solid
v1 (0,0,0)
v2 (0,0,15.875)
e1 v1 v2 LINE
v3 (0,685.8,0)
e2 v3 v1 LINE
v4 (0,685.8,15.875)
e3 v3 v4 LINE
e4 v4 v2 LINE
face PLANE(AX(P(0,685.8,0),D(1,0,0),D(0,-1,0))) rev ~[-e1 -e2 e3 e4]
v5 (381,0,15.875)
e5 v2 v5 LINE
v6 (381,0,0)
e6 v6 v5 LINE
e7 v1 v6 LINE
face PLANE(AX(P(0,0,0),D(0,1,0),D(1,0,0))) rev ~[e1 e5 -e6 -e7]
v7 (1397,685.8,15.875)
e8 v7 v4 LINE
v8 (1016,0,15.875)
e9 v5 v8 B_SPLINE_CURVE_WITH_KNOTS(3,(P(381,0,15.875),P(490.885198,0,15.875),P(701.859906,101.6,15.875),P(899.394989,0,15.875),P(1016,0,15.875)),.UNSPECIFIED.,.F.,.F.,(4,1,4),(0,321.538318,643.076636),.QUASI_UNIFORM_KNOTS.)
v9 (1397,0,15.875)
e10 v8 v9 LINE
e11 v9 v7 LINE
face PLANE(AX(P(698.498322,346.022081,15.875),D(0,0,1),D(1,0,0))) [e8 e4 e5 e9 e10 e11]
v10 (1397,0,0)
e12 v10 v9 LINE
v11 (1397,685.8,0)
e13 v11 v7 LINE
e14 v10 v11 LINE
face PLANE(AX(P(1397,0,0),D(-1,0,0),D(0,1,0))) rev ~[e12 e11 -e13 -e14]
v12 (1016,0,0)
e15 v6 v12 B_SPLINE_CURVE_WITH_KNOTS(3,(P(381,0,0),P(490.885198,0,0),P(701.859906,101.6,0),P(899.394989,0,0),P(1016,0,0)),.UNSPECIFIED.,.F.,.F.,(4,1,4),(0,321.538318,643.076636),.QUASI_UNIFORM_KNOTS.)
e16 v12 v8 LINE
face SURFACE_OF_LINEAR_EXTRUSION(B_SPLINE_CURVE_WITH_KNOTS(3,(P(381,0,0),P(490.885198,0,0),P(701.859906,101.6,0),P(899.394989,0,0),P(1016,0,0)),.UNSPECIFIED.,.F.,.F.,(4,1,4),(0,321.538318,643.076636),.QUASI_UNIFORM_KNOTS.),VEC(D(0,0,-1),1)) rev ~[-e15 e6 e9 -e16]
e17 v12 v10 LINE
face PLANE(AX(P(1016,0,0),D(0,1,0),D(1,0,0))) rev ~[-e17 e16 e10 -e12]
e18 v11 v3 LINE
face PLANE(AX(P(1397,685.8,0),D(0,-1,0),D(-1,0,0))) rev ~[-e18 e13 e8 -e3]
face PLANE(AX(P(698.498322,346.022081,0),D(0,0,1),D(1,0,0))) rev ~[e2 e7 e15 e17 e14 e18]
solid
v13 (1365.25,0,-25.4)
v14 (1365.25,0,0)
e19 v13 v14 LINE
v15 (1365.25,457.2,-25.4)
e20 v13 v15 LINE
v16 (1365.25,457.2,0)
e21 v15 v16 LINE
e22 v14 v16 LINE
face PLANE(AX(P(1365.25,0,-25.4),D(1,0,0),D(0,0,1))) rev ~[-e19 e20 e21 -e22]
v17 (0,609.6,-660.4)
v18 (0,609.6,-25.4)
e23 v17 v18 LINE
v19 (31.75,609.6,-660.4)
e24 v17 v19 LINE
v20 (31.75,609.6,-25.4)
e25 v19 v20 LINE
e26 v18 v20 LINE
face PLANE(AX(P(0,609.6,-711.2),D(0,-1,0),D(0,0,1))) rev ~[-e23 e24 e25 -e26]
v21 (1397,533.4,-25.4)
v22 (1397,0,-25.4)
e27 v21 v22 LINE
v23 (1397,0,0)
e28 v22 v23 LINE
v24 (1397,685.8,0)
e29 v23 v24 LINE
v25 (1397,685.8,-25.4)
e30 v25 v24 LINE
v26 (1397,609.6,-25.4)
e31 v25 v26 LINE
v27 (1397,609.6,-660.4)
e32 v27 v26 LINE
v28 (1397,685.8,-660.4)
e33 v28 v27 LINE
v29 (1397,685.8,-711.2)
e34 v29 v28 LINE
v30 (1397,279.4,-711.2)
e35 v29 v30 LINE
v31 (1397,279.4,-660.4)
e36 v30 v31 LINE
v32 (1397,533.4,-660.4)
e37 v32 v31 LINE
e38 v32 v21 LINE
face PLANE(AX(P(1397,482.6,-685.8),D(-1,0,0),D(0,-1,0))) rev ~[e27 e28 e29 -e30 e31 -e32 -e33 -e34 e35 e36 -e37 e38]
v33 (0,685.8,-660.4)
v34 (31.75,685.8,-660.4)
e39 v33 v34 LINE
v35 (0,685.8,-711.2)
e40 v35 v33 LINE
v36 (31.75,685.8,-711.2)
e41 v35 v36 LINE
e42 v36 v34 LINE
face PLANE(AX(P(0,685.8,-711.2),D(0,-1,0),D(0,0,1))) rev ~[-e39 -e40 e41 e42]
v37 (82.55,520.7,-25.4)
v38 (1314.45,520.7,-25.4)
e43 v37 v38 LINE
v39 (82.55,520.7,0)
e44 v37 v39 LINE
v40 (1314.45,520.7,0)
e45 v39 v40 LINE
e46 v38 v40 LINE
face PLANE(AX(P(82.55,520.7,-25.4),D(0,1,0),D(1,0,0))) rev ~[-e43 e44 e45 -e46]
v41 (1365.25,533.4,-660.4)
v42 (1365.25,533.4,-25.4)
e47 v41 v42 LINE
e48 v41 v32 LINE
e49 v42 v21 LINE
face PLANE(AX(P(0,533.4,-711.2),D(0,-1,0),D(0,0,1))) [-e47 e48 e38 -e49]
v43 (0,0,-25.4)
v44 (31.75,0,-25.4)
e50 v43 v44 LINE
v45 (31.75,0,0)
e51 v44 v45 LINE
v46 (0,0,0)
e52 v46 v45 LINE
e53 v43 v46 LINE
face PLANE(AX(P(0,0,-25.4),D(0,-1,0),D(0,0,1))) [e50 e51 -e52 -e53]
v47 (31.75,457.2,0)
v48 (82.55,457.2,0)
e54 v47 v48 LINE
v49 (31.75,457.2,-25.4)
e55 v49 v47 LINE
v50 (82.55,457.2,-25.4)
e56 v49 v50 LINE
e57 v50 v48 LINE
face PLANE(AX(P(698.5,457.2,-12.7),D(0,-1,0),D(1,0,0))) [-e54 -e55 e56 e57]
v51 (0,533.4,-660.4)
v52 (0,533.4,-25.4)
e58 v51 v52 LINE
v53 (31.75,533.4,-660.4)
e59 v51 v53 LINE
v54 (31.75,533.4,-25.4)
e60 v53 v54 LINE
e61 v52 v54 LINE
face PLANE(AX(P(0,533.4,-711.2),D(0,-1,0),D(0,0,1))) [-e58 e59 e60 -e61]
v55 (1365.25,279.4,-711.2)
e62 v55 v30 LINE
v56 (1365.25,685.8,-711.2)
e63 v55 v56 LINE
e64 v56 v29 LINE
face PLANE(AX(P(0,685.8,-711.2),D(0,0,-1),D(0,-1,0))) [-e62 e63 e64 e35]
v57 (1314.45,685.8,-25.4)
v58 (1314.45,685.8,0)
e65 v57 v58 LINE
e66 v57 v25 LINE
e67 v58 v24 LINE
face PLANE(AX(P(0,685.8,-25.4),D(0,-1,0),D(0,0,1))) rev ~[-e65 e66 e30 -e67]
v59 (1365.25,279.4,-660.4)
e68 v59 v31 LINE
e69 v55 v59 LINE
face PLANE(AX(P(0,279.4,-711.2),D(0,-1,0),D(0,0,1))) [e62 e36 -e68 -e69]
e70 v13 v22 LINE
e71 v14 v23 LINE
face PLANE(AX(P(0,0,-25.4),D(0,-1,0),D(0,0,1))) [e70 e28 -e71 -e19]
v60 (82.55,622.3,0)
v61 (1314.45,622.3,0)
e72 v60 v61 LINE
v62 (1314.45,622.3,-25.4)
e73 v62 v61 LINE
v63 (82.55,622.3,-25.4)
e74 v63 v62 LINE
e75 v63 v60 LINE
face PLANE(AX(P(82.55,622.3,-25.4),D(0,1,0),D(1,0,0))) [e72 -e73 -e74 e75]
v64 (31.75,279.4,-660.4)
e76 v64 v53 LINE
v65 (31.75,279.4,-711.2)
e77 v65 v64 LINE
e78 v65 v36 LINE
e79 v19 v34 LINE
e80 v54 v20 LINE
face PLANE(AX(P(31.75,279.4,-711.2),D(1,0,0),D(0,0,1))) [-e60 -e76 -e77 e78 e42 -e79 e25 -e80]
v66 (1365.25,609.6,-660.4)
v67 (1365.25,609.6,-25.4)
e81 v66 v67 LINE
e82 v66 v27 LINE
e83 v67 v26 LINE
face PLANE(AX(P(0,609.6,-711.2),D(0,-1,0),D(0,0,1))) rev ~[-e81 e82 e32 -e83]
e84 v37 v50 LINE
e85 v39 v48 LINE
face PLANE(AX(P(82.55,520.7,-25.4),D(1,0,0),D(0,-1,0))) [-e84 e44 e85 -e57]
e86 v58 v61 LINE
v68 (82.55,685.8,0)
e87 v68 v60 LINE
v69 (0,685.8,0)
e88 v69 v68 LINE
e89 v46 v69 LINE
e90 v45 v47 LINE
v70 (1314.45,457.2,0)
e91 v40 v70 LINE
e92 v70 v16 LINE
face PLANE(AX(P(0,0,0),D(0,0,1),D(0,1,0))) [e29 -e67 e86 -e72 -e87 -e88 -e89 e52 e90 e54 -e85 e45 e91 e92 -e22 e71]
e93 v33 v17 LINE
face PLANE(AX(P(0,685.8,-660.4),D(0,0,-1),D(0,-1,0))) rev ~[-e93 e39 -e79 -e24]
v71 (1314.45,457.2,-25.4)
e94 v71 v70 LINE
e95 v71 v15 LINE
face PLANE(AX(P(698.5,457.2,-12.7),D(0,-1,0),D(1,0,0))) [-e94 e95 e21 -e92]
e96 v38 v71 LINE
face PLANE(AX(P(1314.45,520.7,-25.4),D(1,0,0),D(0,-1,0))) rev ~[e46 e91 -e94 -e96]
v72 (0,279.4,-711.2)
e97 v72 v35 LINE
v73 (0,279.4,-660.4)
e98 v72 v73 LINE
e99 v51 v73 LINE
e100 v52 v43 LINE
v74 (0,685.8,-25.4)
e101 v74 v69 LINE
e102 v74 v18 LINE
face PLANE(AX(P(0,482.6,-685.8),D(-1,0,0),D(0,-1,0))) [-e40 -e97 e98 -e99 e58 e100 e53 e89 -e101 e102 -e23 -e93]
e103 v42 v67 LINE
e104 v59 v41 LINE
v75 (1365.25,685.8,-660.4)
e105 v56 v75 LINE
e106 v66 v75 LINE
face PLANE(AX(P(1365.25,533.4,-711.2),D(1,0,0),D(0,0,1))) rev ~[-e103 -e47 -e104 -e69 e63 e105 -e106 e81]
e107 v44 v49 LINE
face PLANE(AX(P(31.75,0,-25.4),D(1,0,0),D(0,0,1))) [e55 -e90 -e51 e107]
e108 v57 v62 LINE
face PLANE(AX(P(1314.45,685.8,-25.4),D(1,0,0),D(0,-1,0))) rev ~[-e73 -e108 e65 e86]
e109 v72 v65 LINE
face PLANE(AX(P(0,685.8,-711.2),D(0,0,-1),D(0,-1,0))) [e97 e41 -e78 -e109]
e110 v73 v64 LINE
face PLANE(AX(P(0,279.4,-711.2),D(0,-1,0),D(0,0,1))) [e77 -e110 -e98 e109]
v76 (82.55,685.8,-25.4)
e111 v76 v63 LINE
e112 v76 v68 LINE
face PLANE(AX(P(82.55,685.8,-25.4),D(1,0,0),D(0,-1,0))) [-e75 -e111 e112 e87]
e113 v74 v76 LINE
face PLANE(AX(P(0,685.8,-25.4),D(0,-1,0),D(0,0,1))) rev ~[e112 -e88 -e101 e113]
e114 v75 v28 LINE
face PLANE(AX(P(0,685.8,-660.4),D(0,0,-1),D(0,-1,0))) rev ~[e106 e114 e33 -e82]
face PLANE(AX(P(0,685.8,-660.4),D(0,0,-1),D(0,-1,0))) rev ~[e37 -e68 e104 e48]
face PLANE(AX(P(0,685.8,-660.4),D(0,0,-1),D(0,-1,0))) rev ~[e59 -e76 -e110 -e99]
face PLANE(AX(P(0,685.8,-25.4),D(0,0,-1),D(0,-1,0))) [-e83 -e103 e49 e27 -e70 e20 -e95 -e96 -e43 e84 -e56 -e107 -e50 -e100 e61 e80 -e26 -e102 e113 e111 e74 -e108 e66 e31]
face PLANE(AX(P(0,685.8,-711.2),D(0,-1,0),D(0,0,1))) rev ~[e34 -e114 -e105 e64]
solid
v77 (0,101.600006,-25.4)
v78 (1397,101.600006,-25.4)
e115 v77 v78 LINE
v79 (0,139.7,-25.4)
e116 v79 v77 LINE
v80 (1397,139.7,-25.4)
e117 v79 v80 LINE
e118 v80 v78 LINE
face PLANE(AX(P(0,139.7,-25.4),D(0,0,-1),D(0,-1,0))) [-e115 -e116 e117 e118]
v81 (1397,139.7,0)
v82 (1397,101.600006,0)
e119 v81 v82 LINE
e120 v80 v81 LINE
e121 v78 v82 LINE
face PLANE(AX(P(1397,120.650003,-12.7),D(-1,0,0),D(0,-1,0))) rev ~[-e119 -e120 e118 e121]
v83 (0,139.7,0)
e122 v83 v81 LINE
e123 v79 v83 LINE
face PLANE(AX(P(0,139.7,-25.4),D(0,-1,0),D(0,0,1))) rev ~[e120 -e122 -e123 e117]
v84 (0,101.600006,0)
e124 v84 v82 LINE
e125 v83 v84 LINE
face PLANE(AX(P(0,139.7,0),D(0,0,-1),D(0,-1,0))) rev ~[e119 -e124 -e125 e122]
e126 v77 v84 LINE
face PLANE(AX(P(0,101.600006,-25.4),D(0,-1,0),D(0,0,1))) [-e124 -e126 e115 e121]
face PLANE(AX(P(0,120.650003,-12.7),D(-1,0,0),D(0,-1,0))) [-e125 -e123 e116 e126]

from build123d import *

# Parameters (mm, degrees)
F1_DEPTH  = 15.875
F2_W      = 76.2
F2_H      = 25.4
F2_W_2    = 533.4
F2_H_2    = 685.8
F3_DEPTH  = 1397
F4_W      = 1333.5
F4_H      = 685.8
F5_DEPTH  = 76.2
F6_W      = 1333.5
F6_H      = 25.4
F7_DEPTH  = 457.2
F8_W      = 406.4
F8_H      = 50.8
F9_DEPTH  = 1397
F10_W     = 1333.5
F10_H     = 50.8
F11_DEPTH = 457.2
F12_W     = 38.099994
F12_H     = 25.4
F13_DEPTH = 1397
F14_W     = 1231.9
F14_H     = 63.5
F15_DEPTH = 25.4


with BuildPart() as f1:
    # F0 (on Top) → F1 (new body)
    with BuildSketch(Plane.XY):
        with BuildLine():
            Line((0, 685.8), (0, 0))
            Line((0, 0), (381, 0))
            add(Edge.make_bspline(
                [(381, 0), (490.885198, 0), (701.859906, 101.6), (899.394989, 0), (1016, 0)],
                knots=[0, 0, 0, 0, 321.538318, 643.076636, 643.076636, 643.076636, 643.076636], degree=3))
            Line((1016, 0), (1397, 0))
            Line((1397, 0), (1397, 685.8))
            Line((1397, 685.8), (0, 685.8))
        make_face()
    extrude(amount=F1_DEPTH)


with BuildPart() as f3:
    # F2 (on face) → F3 (new body)
    with BuildSketch(Plane(origin=(0, 0, 0), x_dir=(0, -1, 0), z_dir=(-1, 0, 0))):
        with Locations((-571.5, -12.7)):
            Rectangle(F2_W, F2_H)
        with Locations((-647.7, -12.7)):
            Rectangle(F2_W, F2_H)
        with Locations((-266.7, -12.7)):
            Rectangle(F2_W_2, F2_H)
        with Locations((-571.5, -368.3)):
            Rectangle(F2_W, F2_H_2)
    extrude(amount=-F3_DEPTH)

    # F4 (on face) → F5 (cut)
    with BuildSketch(Plane.XZ.offset(-533.4)):
        with Locations((698.5, -368.3)):
            Rectangle(F4_W, F4_H)
    extrude(amount=-F5_DEPTH, mode=Mode.SUBTRACT)

    # F6 (on face) → F7 (cut)
    with BuildSketch(Plane.XZ):
        with Locations((698.5, -12.7)):
            Rectangle(F6_W, F6_H)
    extrude(amount=-F7_DEPTH, mode=Mode.SUBTRACT)

    # F8 (on face) → F9 (join)
    with BuildSketch(Plane(origin=(0, 0, 0), x_dir=(0, -1, 0), z_dir=(-1, 0, 0))):
        with Locations((-482.6, -685.8)):
            Rectangle(F8_W, F8_H)
    extrude(amount=-F9_DEPTH)

    # F10 (on face) → F11 (cut)
    with BuildSketch(Plane.XZ.offset(-279.4)):
        with Locations((698.5, -685.8)):
            Rectangle(F10_W, F10_H)
    extrude(amount=-F11_DEPTH, mode=Mode.SUBTRACT)

    # F14 (on face) → F15 (cut)
    with BuildSketch(Plane(origin=(0, 0, -25.4), x_dir=(1, 0, 0), z_dir=(0, 0, -1))):
        with Locations((698.5, -654.05)):
            Rectangle(F14_W, F14_H)
        with Locations((698.5, -488.95)):
            Rectangle(F14_W, F14_H)
    extrude(amount=-F15_DEPTH, mode=Mode.SUBTRACT)


with BuildPart() as f13:
    # F12 (on face) → F13 (new body)
    with BuildSketch(Plane(origin=(0, 0, 0), x_dir=(0, -1, 0), z_dir=(-1, 0, 0))):
        with Locations((-120.650003, -12.7)):
            Rectangle(F12_W, F12_H)
    extrude(amount=-F13_DEPTH)


solid = Compound([f1.part, f3.part, f13.part])
